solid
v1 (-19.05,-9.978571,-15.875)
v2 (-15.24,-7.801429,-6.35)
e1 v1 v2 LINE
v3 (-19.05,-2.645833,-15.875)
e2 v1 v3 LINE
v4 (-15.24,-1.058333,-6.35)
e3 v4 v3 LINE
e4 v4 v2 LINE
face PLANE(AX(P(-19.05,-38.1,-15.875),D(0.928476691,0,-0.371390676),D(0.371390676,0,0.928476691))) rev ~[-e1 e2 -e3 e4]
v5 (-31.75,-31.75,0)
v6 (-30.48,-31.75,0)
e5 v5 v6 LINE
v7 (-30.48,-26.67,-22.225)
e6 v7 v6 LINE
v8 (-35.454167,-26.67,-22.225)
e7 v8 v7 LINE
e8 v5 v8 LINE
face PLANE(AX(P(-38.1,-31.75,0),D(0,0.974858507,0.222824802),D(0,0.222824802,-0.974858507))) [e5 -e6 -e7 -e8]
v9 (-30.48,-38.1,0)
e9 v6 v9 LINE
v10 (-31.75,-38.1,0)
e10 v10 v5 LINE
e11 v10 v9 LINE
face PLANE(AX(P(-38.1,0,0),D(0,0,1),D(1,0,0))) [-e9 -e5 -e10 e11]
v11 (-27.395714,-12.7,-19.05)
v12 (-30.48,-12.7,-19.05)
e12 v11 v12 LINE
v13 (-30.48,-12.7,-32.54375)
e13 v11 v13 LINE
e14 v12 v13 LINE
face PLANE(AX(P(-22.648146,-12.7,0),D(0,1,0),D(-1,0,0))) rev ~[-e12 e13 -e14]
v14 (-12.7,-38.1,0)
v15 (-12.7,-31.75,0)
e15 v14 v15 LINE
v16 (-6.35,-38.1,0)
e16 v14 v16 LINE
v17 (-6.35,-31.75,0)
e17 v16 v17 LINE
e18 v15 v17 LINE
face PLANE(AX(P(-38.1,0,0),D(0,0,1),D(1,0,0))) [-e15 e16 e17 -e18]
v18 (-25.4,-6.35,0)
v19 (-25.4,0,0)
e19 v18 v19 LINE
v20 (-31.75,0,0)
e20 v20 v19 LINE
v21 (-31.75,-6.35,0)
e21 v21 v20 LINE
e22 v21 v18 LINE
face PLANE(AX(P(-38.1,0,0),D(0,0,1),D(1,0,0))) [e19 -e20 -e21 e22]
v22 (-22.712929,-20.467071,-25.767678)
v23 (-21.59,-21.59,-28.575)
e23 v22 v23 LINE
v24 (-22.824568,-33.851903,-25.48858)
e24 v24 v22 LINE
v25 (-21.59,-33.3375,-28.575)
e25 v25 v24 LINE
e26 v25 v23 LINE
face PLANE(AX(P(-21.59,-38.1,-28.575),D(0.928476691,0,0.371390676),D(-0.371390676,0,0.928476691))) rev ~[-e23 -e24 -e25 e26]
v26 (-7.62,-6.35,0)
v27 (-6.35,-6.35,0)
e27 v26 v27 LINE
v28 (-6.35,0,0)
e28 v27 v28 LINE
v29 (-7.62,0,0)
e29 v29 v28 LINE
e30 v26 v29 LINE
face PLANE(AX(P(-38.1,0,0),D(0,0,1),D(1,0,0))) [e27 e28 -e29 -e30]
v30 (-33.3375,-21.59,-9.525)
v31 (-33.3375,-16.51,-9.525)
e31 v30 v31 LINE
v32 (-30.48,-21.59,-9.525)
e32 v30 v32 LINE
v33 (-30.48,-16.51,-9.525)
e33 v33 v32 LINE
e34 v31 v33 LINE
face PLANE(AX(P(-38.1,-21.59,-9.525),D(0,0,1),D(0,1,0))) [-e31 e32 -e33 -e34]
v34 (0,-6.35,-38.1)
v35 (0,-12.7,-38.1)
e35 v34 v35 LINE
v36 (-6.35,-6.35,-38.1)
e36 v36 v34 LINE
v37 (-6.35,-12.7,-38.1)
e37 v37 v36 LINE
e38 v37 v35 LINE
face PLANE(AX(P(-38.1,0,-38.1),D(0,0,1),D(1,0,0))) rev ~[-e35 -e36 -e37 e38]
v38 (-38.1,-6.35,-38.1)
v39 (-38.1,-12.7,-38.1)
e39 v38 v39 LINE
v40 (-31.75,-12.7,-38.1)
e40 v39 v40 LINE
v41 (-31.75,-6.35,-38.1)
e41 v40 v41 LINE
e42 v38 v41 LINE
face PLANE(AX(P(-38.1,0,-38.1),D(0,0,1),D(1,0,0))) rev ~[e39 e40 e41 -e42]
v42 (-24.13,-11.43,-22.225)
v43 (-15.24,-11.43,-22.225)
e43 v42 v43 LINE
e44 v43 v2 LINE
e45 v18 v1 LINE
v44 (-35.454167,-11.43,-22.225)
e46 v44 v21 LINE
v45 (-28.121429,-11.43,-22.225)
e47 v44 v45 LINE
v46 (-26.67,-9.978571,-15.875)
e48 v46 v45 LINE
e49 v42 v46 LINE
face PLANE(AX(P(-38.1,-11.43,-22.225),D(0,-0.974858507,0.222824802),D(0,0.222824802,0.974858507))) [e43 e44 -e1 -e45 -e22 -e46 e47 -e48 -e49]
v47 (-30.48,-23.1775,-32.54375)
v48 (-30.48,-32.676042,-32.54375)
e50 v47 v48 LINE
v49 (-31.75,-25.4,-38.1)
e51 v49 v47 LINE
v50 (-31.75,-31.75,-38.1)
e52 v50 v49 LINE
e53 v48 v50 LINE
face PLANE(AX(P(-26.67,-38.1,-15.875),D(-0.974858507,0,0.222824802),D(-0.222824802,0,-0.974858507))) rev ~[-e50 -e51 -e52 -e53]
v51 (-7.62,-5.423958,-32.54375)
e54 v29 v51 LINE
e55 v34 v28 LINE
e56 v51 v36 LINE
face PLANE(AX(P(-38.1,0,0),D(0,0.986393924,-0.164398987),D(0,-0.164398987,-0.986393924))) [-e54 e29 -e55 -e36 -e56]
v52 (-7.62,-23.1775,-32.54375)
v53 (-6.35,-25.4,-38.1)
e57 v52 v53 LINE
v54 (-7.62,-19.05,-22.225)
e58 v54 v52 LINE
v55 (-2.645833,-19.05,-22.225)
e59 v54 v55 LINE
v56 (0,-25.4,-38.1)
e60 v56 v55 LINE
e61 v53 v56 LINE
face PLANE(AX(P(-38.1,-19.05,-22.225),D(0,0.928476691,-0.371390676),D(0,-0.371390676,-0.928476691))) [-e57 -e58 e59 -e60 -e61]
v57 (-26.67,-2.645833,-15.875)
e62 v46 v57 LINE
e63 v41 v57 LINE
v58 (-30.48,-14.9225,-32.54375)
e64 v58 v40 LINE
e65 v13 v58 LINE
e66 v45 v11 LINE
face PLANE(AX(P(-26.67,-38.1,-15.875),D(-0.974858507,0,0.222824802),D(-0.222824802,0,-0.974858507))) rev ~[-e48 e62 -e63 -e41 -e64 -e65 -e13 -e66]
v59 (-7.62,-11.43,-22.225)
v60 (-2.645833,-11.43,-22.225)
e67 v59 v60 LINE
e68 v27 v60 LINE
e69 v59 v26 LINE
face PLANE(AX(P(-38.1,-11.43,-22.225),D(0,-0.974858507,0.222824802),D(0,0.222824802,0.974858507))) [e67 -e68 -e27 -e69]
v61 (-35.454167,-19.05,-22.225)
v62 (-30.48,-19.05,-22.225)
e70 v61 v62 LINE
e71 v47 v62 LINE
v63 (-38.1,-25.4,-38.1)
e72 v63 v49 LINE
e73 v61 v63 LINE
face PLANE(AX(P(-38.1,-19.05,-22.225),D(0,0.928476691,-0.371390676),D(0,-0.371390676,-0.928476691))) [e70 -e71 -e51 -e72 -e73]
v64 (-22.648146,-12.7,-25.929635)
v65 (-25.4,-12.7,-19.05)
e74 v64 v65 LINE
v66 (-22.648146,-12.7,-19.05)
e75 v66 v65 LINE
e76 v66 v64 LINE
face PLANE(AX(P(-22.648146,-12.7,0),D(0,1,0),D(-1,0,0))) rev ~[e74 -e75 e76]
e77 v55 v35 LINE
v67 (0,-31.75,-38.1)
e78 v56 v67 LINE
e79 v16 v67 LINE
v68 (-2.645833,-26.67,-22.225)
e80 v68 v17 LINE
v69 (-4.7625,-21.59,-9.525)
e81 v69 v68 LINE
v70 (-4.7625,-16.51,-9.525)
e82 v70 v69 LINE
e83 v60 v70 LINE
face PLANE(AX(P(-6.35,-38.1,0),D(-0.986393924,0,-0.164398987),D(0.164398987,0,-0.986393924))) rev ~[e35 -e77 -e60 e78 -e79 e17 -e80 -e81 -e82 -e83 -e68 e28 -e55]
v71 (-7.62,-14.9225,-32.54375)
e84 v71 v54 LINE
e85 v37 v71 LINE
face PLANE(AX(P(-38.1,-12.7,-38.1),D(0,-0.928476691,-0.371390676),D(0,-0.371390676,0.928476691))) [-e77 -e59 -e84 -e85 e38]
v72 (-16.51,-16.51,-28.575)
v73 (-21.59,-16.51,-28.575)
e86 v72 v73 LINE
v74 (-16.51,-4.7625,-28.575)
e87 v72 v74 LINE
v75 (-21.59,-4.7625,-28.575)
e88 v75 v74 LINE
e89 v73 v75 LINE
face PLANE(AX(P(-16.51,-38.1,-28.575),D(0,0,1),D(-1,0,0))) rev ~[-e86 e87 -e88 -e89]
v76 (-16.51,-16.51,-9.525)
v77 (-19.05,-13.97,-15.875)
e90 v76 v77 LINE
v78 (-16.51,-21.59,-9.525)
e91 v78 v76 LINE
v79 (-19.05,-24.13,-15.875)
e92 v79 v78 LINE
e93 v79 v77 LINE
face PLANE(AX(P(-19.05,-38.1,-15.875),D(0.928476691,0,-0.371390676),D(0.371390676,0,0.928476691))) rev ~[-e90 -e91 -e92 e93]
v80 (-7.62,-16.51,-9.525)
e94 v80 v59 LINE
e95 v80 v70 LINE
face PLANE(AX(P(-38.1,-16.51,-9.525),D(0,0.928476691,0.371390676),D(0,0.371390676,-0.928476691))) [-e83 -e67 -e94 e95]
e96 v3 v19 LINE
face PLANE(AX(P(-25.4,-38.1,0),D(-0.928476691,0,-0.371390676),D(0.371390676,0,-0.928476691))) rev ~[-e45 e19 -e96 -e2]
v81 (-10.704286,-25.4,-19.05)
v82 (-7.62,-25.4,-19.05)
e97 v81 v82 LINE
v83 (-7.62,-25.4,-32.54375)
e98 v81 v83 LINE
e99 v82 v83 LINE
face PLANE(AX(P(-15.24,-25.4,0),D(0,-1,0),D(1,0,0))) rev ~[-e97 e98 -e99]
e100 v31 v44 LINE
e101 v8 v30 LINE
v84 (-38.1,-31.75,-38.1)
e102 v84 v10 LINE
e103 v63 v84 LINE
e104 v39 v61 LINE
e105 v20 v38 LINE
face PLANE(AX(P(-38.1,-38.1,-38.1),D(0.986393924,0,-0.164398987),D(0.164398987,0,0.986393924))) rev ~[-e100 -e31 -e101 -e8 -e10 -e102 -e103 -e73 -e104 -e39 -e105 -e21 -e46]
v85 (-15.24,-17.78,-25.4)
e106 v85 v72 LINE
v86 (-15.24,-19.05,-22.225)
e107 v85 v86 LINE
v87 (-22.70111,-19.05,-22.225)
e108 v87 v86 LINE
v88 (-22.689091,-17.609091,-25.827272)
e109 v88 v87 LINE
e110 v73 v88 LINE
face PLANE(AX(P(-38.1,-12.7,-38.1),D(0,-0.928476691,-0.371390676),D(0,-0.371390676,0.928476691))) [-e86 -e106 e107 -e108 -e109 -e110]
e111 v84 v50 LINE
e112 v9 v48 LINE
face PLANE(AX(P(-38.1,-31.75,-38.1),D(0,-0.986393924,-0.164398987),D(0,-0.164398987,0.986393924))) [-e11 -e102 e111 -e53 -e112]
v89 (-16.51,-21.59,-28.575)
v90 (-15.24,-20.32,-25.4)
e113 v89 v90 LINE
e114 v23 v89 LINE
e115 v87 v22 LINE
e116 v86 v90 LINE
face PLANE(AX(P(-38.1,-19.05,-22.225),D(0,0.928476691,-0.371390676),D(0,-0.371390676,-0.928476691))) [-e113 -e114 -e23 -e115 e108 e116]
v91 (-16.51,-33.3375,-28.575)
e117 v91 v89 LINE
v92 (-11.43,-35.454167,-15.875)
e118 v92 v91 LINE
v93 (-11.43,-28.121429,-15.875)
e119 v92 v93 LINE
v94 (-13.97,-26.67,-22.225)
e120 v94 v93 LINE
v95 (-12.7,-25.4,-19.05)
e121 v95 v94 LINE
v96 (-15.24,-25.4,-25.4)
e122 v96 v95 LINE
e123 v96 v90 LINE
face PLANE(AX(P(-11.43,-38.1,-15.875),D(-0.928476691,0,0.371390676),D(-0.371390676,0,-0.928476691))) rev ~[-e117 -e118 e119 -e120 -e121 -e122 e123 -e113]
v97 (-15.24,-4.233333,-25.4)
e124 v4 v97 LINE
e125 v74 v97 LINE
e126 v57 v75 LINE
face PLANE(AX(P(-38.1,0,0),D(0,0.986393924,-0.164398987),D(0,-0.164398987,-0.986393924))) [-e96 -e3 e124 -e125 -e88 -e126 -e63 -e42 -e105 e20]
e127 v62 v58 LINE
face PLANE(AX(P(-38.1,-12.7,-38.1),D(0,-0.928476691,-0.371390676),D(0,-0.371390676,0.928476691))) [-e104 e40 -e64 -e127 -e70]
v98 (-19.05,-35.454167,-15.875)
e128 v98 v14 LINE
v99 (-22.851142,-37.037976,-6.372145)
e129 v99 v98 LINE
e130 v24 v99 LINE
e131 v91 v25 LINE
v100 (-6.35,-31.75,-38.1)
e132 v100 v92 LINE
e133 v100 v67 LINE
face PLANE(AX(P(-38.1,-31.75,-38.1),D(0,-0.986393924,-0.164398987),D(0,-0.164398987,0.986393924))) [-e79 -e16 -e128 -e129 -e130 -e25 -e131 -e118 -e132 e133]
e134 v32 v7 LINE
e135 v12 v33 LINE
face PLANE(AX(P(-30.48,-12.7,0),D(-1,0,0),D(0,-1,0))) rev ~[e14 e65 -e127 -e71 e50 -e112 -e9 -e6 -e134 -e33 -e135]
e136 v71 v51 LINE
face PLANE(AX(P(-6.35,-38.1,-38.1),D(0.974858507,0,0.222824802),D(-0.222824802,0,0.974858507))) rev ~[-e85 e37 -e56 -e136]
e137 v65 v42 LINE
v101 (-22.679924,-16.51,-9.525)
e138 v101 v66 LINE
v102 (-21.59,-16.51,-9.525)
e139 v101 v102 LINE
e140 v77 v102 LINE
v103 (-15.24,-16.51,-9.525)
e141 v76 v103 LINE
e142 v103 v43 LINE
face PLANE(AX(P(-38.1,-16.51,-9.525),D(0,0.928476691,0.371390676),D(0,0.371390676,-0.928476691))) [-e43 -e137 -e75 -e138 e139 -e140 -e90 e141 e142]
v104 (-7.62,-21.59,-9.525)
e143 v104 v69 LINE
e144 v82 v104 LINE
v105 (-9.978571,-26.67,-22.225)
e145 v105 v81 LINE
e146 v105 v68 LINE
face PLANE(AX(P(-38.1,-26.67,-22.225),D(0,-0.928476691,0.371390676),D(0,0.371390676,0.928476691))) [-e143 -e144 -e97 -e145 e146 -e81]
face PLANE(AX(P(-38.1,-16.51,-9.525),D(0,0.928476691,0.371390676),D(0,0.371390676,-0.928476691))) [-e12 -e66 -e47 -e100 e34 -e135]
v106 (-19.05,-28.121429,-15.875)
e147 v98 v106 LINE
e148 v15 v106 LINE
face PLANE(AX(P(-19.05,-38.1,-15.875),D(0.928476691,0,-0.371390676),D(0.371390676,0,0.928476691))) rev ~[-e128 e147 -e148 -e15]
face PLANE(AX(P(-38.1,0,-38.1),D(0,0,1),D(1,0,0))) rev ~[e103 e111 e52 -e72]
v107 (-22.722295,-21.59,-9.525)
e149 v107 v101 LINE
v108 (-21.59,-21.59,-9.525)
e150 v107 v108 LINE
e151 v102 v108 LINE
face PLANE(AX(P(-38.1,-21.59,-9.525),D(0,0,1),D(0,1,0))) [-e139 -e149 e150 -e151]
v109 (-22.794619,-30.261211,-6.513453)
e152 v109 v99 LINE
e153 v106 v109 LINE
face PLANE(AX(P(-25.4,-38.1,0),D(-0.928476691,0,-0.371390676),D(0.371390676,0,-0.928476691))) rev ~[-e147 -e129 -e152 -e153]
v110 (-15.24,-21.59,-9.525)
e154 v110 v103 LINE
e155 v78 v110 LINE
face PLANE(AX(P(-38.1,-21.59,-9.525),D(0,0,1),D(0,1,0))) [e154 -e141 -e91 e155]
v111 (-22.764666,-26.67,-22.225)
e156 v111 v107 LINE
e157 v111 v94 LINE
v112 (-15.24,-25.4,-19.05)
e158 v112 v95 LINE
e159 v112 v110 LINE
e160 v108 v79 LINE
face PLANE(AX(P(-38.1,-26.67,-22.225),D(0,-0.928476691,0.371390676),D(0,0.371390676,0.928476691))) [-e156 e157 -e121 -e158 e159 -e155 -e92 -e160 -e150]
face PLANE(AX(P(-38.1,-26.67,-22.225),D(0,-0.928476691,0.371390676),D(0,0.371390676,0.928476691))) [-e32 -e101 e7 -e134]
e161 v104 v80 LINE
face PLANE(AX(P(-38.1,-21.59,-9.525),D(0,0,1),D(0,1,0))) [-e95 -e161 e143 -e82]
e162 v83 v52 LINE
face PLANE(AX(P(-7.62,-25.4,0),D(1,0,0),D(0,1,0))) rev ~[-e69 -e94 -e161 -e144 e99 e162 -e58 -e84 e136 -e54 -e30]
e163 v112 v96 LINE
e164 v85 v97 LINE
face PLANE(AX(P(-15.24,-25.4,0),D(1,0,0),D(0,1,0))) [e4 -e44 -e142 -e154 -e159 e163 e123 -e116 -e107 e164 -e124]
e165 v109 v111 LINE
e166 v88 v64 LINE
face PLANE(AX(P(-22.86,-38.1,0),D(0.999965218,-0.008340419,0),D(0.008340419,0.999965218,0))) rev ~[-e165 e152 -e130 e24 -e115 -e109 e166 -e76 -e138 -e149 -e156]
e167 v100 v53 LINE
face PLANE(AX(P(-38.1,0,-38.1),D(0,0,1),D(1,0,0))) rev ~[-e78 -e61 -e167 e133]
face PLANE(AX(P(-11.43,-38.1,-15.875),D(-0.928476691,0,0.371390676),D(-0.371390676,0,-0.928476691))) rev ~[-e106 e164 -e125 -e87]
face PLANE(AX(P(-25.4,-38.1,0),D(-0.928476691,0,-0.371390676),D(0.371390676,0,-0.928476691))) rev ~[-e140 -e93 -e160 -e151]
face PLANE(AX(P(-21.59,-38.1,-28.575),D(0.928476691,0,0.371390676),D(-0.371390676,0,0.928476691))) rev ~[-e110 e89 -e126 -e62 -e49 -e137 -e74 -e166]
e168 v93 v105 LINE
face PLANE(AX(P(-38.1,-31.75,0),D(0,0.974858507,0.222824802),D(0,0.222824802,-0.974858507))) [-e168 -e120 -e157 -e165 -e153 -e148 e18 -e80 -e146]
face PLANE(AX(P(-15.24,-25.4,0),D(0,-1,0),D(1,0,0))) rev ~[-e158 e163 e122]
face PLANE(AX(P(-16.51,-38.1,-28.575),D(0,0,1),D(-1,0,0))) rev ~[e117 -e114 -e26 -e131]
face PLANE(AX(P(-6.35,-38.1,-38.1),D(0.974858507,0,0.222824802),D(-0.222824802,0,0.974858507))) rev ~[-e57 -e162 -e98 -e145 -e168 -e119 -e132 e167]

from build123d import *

# Parameters (mm, degrees)
F0_W     = 38.1
F0_H     = 38.1
F1_DEPTH = 38.1
F5_DEPTH = 38.1
F7_DEPTH = 38.1
F8_W     = 7.62
F8_H     = 25.4
F9_DEPTH = 38.1


with BuildPart() as f1:
    # F0 (on Front) → F1 (new body)
    with BuildSketch(Plane.XZ):
        with Locations((-19.05, -19.05)):
            Rectangle(F0_W, F0_H)
    extrude(amount=F1_DEPTH)

    # F4 (on offset) → F5 (cut)
    with BuildSketch(Plane.YZ.offset(-38.1)):
        Polygon((-25.4, -38.1), (-12.7, -38.1), (-19.05, -22.225), align=None)
        Polygon((-11.43, -22.225), (-6.35, 0), (-31.75, 0), (-26.67, -22.225), (-21.59, -9.525), (-16.51, -9.525), align=None)
        Polygon((-31.75, -38.1), (-38.1, 0), (-38.1, -38.1), align=None)
        Polygon((0, -38.1), (0, 0), (-6.35, -38.1), align=None)
    extrude(amount=F5_DEPTH, mode=Mode.SUBTRACT)

    # F6 (on offset) → F7 (cut)
    with BuildSketch(Plane.XZ.offset(38.1)):
        Polygon((-26.67, -15.875), (-31.75, -38.1), (-6.35, -38.1), (-11.43, -15.875), (-16.51, -28.575), (-21.59, -28.575), align=None)
        Polygon((-12.7, 0), (-25.4, 0), (-19.05, -15.875), align=None)
        Polygon((-6.35, 0), (0, -38.1), (0, 0), align=None)
        Polygon((-38.1, 0), (-38.1, -38.1), (-31.75, 0), align=None)
    extrude(amount=-F7_DEPTH, mode=Mode.SUBTRACT)

    # F8 (on Top) → F9 (cut)
    with BuildSketch(Plane.XY):
        with Locations((-11.43, -12.7)):
            Rectangle(F8_W, F8_H)
        Polygon((-30.48, -38.1), (-22.86, -38.1), (-22.648146, -12.7), (-30.48, -12.7), align=None)
    extrude(amount=-F9_DEPTH, mode=Mode.SUBTRACT)


solid = f1.part
